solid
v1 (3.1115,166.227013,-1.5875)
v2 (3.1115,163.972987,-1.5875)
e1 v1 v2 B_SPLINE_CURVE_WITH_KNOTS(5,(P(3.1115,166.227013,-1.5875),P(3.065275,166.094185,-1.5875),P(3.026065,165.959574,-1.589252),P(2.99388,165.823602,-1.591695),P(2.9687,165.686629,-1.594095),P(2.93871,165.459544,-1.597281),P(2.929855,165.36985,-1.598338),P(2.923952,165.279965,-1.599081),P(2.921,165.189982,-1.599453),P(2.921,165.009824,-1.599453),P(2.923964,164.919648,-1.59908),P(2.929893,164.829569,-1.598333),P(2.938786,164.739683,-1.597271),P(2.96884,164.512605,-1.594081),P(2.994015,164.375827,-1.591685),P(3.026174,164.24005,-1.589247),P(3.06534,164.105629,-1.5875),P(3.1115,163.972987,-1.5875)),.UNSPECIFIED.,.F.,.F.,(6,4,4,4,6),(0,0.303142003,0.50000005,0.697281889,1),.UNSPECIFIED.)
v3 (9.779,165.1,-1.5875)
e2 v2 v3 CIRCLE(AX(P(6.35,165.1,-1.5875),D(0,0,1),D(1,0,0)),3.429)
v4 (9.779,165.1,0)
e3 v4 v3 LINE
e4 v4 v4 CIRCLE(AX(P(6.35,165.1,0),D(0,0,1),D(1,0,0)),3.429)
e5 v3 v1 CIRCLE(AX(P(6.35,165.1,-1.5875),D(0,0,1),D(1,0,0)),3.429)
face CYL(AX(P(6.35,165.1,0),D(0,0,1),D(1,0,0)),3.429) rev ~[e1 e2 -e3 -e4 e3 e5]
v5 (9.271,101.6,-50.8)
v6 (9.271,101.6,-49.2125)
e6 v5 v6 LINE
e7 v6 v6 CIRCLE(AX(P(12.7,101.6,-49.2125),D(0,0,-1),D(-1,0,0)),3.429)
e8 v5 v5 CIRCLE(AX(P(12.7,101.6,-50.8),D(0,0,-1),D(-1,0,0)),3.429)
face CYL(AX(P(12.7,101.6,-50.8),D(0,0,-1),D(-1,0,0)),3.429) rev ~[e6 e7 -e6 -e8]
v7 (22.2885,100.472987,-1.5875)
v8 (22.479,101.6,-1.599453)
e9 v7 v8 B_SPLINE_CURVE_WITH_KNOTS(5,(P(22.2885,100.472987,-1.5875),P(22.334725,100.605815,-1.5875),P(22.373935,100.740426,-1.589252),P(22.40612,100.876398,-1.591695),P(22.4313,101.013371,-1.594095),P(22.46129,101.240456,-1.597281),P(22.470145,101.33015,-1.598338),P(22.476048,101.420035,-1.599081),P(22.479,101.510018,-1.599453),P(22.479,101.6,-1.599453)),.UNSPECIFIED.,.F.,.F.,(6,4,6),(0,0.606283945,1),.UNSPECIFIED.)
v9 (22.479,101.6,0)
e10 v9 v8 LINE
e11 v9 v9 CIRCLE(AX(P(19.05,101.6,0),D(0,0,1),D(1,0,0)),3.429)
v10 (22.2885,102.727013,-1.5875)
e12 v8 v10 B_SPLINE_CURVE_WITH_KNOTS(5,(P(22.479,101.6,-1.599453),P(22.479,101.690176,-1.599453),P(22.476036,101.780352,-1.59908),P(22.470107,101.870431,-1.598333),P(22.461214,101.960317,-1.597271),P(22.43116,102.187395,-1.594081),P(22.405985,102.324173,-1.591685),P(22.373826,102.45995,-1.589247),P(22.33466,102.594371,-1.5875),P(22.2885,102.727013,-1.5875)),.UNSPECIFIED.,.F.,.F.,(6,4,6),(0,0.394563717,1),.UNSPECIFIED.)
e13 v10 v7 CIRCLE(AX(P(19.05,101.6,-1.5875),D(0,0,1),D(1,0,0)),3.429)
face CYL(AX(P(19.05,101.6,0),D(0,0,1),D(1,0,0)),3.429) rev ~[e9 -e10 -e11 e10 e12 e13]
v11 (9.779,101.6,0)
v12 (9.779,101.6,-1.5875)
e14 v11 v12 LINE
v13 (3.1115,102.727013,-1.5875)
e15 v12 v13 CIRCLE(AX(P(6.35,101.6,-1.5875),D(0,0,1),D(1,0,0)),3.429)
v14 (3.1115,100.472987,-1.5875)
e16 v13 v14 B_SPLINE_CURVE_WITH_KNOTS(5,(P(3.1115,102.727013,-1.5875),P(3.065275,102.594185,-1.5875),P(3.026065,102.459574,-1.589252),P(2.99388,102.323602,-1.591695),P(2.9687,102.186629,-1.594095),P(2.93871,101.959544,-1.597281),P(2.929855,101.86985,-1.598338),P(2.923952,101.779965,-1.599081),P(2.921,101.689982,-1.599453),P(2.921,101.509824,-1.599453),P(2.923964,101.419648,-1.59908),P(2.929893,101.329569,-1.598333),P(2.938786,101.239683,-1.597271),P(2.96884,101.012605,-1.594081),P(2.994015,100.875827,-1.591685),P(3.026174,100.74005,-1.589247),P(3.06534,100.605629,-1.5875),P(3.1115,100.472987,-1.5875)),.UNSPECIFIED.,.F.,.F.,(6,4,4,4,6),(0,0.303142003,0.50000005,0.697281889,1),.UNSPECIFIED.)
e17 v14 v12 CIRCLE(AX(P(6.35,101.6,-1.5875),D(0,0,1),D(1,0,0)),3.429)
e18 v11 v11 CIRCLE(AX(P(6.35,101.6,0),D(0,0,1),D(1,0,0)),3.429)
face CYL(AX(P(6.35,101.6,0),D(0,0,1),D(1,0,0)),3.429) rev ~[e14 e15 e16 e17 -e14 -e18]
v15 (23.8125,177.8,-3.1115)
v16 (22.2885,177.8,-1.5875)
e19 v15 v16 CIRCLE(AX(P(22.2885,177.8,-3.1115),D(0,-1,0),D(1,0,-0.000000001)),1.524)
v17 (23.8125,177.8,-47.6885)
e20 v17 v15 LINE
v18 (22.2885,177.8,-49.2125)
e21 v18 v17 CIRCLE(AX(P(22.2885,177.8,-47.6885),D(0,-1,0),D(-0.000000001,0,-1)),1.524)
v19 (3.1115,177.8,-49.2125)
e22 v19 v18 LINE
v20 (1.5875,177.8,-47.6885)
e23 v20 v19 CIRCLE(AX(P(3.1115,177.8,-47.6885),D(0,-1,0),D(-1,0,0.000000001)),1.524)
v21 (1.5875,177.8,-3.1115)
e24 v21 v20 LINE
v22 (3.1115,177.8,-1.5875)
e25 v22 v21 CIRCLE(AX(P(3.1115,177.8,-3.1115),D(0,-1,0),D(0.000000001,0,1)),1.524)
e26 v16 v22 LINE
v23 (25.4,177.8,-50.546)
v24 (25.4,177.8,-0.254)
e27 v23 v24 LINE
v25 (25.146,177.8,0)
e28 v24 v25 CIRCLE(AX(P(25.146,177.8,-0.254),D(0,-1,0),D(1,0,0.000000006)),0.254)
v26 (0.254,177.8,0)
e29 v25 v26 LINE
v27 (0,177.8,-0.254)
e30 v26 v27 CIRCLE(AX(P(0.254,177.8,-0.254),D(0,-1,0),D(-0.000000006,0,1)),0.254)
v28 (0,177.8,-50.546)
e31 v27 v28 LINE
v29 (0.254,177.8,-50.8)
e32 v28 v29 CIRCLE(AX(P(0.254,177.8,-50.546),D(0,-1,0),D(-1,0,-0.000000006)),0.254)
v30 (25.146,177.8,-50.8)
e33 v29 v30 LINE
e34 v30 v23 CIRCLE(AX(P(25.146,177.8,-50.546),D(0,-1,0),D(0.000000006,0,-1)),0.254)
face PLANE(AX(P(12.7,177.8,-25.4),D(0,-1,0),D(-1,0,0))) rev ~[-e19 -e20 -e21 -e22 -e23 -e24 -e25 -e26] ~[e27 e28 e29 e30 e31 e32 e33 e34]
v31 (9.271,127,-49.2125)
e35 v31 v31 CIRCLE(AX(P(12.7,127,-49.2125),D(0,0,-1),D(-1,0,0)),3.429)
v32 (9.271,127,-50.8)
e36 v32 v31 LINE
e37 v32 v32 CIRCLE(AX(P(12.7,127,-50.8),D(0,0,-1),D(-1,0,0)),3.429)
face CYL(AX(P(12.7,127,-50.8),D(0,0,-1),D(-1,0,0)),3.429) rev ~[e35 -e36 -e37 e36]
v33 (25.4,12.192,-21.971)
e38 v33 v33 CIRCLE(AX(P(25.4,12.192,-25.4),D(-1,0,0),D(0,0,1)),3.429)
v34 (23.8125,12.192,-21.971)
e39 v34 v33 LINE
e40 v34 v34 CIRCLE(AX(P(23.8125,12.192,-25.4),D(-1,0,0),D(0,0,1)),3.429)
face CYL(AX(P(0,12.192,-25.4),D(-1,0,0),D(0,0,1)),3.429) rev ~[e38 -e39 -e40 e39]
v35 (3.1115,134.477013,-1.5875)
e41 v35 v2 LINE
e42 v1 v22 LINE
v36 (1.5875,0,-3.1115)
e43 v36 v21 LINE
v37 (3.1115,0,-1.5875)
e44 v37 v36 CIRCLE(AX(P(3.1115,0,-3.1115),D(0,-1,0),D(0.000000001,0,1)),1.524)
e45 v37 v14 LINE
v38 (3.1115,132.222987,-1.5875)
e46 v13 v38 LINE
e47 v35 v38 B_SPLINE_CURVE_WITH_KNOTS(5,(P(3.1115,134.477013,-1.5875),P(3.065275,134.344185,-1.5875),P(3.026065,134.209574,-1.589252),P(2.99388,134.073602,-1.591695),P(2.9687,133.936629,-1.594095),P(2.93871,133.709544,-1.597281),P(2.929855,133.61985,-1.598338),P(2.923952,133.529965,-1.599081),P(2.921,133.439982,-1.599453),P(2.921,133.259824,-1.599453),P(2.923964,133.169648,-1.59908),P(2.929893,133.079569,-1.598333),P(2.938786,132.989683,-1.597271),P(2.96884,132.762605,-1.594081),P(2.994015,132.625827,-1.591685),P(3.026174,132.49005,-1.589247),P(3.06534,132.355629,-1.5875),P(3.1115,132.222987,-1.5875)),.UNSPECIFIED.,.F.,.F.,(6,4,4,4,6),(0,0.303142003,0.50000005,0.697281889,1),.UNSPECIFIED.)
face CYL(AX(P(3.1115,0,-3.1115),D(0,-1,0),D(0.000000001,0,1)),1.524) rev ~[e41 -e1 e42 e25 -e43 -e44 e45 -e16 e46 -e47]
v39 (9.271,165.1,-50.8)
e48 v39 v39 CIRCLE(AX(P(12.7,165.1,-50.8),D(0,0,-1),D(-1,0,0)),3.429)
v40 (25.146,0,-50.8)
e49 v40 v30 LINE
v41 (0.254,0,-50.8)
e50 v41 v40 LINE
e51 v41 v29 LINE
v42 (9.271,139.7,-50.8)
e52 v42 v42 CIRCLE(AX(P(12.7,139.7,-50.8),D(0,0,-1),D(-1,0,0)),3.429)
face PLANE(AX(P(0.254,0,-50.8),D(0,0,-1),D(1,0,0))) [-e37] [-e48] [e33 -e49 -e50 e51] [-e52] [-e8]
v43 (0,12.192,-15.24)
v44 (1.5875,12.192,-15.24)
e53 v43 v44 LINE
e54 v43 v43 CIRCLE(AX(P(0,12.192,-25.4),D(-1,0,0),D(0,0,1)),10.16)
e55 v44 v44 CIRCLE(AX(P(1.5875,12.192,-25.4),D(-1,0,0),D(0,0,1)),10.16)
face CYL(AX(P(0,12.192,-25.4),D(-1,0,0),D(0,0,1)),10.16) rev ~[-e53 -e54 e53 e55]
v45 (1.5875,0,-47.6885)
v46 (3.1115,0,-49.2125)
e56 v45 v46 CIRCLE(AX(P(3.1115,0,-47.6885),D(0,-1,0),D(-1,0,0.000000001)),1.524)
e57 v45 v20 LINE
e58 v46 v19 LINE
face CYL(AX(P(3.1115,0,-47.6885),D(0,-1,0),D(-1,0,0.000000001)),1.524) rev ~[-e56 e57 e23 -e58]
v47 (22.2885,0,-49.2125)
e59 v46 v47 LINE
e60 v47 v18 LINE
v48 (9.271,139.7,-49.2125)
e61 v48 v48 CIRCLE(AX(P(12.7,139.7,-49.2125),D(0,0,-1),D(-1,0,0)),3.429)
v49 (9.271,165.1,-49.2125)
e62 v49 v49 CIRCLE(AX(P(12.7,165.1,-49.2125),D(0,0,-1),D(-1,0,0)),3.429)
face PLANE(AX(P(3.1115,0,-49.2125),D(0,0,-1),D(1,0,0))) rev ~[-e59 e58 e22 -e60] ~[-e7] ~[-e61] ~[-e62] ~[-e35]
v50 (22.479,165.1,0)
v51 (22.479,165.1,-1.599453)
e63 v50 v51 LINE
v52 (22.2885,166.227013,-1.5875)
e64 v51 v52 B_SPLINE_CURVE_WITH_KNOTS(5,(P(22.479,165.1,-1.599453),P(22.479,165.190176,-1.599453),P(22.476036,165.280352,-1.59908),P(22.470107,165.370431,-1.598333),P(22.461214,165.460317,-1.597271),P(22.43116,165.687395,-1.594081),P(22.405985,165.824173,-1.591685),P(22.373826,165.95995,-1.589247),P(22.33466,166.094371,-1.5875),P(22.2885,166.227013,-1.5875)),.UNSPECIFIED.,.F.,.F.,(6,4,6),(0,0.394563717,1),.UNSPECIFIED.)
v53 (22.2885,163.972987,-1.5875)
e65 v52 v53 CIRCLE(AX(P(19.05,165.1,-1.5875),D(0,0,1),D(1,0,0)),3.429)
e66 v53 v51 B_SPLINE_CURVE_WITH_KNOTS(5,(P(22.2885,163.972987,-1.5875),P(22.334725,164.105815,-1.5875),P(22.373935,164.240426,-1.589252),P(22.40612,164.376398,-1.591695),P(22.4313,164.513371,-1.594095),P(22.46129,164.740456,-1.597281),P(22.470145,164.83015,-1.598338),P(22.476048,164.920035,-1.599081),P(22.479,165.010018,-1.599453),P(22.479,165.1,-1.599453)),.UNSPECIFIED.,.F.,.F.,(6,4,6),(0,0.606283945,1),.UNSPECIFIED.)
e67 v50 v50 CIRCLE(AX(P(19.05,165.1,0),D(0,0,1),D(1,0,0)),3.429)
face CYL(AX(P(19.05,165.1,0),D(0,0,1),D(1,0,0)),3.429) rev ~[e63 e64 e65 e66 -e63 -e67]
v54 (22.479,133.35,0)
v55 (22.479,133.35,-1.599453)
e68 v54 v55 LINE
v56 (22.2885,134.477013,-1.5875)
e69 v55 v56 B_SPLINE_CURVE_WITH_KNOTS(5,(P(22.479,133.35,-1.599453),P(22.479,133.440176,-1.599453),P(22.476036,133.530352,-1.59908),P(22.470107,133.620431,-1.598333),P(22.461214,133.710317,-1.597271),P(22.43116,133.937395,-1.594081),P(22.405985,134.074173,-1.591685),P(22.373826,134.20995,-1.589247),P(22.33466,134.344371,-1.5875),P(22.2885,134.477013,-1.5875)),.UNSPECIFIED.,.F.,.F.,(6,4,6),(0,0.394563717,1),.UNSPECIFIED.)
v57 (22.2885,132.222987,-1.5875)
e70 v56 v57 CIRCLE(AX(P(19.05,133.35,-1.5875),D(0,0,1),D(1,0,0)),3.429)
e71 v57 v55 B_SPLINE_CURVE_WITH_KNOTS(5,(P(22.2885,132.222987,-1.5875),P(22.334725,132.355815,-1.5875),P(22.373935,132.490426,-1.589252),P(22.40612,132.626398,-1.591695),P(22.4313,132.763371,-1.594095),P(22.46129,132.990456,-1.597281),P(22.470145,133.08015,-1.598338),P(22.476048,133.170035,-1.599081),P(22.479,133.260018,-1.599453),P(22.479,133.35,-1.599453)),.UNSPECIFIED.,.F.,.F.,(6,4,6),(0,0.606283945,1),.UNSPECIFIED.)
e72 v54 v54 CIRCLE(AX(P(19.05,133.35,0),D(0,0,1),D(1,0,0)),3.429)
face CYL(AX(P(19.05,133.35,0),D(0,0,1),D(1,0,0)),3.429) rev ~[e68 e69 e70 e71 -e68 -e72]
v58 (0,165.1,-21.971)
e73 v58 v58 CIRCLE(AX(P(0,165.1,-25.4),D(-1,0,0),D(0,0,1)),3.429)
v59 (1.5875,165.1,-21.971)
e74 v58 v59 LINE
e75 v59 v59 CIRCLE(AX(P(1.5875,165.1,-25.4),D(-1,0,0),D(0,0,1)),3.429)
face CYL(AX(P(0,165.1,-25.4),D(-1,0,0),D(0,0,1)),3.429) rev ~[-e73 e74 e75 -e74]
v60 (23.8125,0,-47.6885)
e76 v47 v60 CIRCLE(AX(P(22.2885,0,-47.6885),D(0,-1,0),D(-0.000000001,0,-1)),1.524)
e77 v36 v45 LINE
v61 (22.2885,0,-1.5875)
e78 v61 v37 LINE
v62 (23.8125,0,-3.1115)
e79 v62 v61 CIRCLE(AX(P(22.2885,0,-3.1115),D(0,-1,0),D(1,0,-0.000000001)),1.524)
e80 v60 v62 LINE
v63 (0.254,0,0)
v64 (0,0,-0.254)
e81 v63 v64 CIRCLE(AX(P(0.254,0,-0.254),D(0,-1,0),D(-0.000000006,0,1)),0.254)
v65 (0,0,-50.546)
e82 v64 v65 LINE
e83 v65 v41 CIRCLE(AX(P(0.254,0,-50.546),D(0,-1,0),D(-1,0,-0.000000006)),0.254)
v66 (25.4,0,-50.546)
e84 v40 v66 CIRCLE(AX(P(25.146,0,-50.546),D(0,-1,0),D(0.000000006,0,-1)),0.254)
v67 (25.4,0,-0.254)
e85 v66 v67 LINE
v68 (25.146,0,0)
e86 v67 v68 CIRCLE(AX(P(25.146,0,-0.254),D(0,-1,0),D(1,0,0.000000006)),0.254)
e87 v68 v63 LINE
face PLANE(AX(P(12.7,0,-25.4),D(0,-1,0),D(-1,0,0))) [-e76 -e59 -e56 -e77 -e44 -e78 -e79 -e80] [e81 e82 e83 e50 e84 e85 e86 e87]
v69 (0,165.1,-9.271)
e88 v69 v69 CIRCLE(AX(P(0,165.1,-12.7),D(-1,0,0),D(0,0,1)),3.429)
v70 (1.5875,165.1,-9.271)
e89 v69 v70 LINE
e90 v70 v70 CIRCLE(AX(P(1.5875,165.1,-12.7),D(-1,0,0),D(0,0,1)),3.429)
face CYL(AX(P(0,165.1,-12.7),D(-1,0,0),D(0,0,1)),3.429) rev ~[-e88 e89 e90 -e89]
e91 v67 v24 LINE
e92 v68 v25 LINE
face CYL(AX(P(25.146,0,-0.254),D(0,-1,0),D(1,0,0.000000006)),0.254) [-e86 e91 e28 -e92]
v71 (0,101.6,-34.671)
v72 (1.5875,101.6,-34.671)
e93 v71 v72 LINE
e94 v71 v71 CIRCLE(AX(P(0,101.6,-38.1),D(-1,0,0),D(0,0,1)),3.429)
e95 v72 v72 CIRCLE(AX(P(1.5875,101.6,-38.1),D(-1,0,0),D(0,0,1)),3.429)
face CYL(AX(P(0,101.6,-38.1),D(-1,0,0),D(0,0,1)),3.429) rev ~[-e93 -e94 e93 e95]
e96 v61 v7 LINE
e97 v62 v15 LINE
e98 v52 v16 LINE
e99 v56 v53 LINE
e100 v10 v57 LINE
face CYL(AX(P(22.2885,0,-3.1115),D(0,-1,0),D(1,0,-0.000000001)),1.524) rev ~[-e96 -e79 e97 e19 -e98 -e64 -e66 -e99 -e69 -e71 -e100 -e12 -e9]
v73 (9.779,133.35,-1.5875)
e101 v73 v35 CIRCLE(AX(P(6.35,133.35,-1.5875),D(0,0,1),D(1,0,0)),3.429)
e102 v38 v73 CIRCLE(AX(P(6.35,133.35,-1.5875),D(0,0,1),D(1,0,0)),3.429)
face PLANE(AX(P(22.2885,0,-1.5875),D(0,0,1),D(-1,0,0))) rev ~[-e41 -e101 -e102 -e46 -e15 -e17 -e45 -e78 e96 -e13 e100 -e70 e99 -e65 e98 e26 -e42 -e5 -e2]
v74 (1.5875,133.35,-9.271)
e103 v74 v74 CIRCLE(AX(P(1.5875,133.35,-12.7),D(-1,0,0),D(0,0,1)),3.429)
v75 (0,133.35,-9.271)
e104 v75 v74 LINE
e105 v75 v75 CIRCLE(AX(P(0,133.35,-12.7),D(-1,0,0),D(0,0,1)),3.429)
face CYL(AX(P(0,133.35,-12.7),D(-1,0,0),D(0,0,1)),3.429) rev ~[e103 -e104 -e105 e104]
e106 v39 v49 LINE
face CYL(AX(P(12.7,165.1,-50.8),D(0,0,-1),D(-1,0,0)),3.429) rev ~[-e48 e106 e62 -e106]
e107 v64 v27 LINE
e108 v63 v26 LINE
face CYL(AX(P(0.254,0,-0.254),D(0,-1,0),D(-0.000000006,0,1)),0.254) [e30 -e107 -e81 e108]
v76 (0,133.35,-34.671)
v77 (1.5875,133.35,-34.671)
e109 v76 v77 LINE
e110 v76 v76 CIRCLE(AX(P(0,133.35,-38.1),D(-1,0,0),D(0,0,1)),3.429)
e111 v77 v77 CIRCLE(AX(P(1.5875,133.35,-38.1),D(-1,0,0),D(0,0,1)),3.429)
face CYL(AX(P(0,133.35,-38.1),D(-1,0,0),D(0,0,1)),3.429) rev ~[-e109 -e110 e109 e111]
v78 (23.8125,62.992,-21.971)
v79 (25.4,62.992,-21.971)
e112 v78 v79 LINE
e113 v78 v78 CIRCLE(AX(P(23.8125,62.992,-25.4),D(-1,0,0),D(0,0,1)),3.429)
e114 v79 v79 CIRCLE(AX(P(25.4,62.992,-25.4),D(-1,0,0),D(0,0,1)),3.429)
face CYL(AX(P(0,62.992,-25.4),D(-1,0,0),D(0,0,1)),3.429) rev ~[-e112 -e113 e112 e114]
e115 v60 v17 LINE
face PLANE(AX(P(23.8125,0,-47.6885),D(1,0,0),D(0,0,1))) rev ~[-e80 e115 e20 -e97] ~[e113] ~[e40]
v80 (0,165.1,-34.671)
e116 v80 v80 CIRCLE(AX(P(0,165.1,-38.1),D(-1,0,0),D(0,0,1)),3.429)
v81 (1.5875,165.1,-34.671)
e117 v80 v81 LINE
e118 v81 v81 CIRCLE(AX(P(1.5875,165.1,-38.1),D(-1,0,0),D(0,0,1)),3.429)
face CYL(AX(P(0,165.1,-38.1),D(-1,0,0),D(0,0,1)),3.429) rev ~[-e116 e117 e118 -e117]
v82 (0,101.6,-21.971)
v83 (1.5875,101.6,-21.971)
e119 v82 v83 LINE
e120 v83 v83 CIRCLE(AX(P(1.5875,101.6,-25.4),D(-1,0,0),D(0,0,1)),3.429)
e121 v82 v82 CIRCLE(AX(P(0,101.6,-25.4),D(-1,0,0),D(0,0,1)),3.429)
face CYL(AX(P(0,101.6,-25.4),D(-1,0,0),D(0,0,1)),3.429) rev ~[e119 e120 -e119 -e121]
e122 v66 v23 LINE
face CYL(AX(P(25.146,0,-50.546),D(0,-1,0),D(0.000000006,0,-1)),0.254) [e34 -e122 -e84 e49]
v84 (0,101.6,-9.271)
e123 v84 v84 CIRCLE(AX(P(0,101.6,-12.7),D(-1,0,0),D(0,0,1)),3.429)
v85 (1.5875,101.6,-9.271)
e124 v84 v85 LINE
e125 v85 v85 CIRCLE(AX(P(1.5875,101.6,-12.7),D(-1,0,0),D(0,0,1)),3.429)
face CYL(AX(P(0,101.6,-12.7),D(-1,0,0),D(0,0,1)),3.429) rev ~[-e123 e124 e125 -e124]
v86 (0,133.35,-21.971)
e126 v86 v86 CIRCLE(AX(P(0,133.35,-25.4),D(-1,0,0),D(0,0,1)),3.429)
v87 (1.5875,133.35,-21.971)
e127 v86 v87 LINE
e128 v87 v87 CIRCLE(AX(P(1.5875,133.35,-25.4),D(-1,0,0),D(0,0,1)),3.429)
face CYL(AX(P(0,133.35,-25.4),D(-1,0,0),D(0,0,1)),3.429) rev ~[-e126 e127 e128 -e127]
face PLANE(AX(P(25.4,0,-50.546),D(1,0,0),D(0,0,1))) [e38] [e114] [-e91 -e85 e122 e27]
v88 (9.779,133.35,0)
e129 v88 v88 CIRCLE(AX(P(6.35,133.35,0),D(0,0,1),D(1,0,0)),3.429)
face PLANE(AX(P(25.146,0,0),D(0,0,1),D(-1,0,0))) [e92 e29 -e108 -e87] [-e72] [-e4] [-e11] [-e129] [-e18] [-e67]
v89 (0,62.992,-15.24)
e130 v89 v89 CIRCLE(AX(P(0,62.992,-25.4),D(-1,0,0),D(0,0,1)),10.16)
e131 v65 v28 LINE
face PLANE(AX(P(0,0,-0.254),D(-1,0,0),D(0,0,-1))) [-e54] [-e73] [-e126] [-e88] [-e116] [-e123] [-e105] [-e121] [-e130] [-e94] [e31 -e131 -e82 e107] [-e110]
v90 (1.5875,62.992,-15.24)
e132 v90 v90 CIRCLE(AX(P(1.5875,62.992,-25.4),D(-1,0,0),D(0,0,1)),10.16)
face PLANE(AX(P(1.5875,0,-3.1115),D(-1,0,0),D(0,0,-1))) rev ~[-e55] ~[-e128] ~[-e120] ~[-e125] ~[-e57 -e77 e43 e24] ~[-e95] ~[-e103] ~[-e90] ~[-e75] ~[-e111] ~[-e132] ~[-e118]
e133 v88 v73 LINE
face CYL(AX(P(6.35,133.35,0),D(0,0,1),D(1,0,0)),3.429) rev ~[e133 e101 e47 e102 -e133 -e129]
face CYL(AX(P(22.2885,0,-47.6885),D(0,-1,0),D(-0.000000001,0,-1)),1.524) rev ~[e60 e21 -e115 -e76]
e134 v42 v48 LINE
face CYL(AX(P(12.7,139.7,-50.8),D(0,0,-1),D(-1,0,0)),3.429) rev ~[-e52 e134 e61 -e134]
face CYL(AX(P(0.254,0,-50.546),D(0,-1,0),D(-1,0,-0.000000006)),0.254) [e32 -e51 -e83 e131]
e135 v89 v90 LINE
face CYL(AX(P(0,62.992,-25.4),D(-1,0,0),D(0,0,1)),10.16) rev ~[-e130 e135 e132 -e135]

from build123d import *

# Parameters (mm, degrees)
BOSS_EXTRUDE1_DEPTH = 177.8
SKETCH2_R           = 10.16
SKETCH2_R_2         = 3.429
CUT_EXTRUDE1_DEPTH  = 12.7
SKETCH2_3_R         = 3.429
CUT_EXTRUDE2_DEPTH  = 187.6511184
SKETCH3_R           = 3.429
CUT_EXTRUDE3_DEPTH  = 2.54
SKETCH4_R           = 3.429
CUT_EXTRUDE4_DEPTH  = 2.54


with BuildPart() as part:
    # Sketch1 → Boss-Extrude1 (new body)
    with BuildSketch(Plane(origin=(0, 0, 0), x_dir=(1, 0, 0), z_dir=(0, 1, 0))):
        with BuildLine():
            Line((0.254, 50.8), (25.146, 50.8))
            ThreePointArc((25.146, 50.8), (25.325605122, 50.725605122), (25.4, 50.546))
            Line((25.4, 50.546), (25.4, 0.254))
            ThreePointArc((25.4, 0.254), (25.325605122, 0.074394878), (25.146, 0))
            Line((25.146, 0), (0.254, 0))
            ThreePointArc((0.254, 0), (0.074394878, 0.074394878), (0, 0.254))
            Line((0, 0.254), (0, 50.546))
            ThreePointArc((0, 50.546), (0.074394878, 50.725605122), (0.254, 50.8))
        make_face()
        with BuildLine():
            Line((1.5875, 3.1115), (1.5875, 47.6885))
            ThreePointArc((1.5875, 47.6885), (2.033869265, 48.766130735), (3.1115, 49.2125))
            Line((3.1115, 49.2125), (22.2885, 49.2125))
            ThreePointArc((22.2885, 49.2125), (23.366130735, 48.766130735), (23.8125, 47.6885))
            Line((23.8125, 47.6885), (23.8125, 3.1115))
            ThreePointArc((23.8125, 3.1115), (23.366130735, 2.033869265), (22.2885, 1.5875))
            Line((22.2885, 1.5875), (3.1115, 1.5875))
            ThreePointArc((3.1115, 1.5875), (2.033869265, 2.033869265), (1.5875, 3.1115))
        make_face(mode=Mode.SUBTRACT)
    extrude(amount=BOSS_EXTRUDE1_DEPTH)

    # Sketch2 → Cut-Extrude1 (cut)
    # profile 1 of 11: a face of its own
    with BuildSketch(Plane.ZY):
        with Locations((-25.4, 12.192)):
            Circle(SKETCH2_R)
        with Locations((-25.4, 12.192)):
            Circle(SKETCH2_R_2, mode=Mode.SUBTRACT)
    # profile 2 of 11: a face of its own
    with BuildSketch(Plane.ZY):
        with Locations((-25.4, 62.992)):
            Circle(SKETCH2_R)
        with Locations((-25.4, 62.992)):
            Circle(SKETCH2_R_2, mode=Mode.SUBTRACT)
    # profile 3 of 11: a face of its own
    with BuildSketch(Plane.ZY):
        with Locations((-38.1, 165.1)):
            Circle(SKETCH2_R_2)
    # profile 4 of 11: a face of its own
    with BuildSketch(Plane.ZY):
        with Locations((-25.4, 165.1)):
            Circle(SKETCH2_R_2)
    # profile 5 of 11: a face of its own
    with BuildSketch(Plane.ZY):
        with Locations((-12.7, 165.1)):
            Circle(SKETCH2_R_2)
    # profile 6 of 11: a face of its own
    with BuildSketch(Plane.ZY):
        with Locations((-25.4, 133.35)):
            Circle(SKETCH2_R_2)
    # profile 7 of 11: a face of its own
    with BuildSketch(Plane.ZY):
        with Locations((-12.7, 133.35)):
            Circle(SKETCH2_R_2)
    # profile 8 of 11: a face of its own
    with BuildSketch(Plane.ZY):
        with Locations((-25.4, 101.6)):
            Circle(SKETCH2_R_2)
    # profile 9 of 11: a face of its own
    with BuildSketch(Plane.ZY):
        with Locations((-12.7, 101.6)):
            Circle(SKETCH2_R_2)
    # profile 10 of 11: a face of its own
    with BuildSketch(Plane.ZY):
        with Locations((-38.1, 133.35)):
            Circle(SKETCH2_R_2)
    # profile 11 of 11: a face of its own
    with BuildSketch(Plane.ZY):
        with Locations((-38.1, 101.6)):
            Circle(SKETCH2_R_2)
    extrude(amount=-CUT_EXTRUDE1_DEPTH, mode=Mode.SUBTRACT)


with BuildPart() as cut_extrude1_piece_1:
    # of the separate pieces the step leaves, piece 1, a body of its own (cut_extrude1_pieces)
    add(part.part.solids().sort_by_distance((0, 0, -50.546))[0])


with BuildPart() as cut_extrude1_piece_2:
    # of the separate pieces the step leaves, piece 2, a body of its own (cut_extrude1_pieces)
    add(part.part.solids().sort_by_distance((0, 62.992, -21.971))[0])


with BuildPart() as cut_extrude1_piece_3:
    # of the separate pieces the step leaves, piece 3, a body of its own (cut_extrude1_pieces)
    add(part.part.solids().sort_by_distance((0, 12.192, -21.971))[0])


with BuildPart() as cut_extrude2_tool:
    # Sketch2<3> → Cut-Extrude2 (new, through all)
    with BuildSketch(Plane.ZY):
        with Locations((-25.4, 12.192)):
            Circle(SKETCH2_3_R)
        with Locations((-25.4, 62.992)):
            Circle(SKETCH2_3_R)
    extrude(amount=-CUT_EXTRUDE2_DEPTH)


with BuildPart() as cut_extrude1_piece_1_1:
    add(cut_extrude1_piece_1.part)

    # Cut-Extrude2: cut by cut_extrude2_tool
    add(cut_extrude2_tool.part, mode=Mode.SUBTRACT)

    # Sketch3 → Cut-Extrude3 (cut)
    with BuildSketch(Plane.XY):
        with Locations((19.05, 165.1)):
            Circle(SKETCH3_R)
        with Locations((6.35, 165.1)):
            Circle(SKETCH3_R)
        with Locations((6.35, 133.35)):
            Circle(SKETCH3_R)
        with Locations((6.35, 101.6)):
            Circle(SKETCH3_R)
        with Locations((19.05, 133.35)):
            Circle(SKETCH3_R)
        with Locations((19.05, 101.6)):
            Circle(SKETCH3_R)
    extrude(amount=-CUT_EXTRUDE3_DEPTH, mode=Mode.SUBTRACT)

    # Sketch4 → Cut-Extrude4 (cut)
    with BuildSketch(Plane(origin=(0, 0, -50.8), x_dir=(-1, 0, 0), z_dir=(0, 0, -1))):
        with Locations((-12.7, 165.1)):
            Circle(SKETCH4_R)
        with Locations((-12.7, 139.7)):
            Circle(SKETCH4_R)
        with Locations((-12.7, 127)):
            Circle(SKETCH4_R)
        with Locations((-12.7, 101.6)):
            Circle(SKETCH4_R)
    extrude(amount=-CUT_EXTRUDE4_DEPTH, mode=Mode.SUBTRACT)


with BuildPart() as cut_extrude1_piece_2_1:
    add(cut_extrude1_piece_2.part)

    # Cut-Extrude2: cut by cut_extrude2_tool
    add(cut_extrude2_tool.part, mode=Mode.SUBTRACT)


with BuildPart() as cut_extrude1_piece_3_1:
    add(cut_extrude1_piece_3.part)

    # Cut-Extrude2: cut by cut_extrude2_tool
    add(cut_extrude2_tool.part, mode=Mode.SUBTRACT)


solid = cut_extrude1_piece_1_1.part
